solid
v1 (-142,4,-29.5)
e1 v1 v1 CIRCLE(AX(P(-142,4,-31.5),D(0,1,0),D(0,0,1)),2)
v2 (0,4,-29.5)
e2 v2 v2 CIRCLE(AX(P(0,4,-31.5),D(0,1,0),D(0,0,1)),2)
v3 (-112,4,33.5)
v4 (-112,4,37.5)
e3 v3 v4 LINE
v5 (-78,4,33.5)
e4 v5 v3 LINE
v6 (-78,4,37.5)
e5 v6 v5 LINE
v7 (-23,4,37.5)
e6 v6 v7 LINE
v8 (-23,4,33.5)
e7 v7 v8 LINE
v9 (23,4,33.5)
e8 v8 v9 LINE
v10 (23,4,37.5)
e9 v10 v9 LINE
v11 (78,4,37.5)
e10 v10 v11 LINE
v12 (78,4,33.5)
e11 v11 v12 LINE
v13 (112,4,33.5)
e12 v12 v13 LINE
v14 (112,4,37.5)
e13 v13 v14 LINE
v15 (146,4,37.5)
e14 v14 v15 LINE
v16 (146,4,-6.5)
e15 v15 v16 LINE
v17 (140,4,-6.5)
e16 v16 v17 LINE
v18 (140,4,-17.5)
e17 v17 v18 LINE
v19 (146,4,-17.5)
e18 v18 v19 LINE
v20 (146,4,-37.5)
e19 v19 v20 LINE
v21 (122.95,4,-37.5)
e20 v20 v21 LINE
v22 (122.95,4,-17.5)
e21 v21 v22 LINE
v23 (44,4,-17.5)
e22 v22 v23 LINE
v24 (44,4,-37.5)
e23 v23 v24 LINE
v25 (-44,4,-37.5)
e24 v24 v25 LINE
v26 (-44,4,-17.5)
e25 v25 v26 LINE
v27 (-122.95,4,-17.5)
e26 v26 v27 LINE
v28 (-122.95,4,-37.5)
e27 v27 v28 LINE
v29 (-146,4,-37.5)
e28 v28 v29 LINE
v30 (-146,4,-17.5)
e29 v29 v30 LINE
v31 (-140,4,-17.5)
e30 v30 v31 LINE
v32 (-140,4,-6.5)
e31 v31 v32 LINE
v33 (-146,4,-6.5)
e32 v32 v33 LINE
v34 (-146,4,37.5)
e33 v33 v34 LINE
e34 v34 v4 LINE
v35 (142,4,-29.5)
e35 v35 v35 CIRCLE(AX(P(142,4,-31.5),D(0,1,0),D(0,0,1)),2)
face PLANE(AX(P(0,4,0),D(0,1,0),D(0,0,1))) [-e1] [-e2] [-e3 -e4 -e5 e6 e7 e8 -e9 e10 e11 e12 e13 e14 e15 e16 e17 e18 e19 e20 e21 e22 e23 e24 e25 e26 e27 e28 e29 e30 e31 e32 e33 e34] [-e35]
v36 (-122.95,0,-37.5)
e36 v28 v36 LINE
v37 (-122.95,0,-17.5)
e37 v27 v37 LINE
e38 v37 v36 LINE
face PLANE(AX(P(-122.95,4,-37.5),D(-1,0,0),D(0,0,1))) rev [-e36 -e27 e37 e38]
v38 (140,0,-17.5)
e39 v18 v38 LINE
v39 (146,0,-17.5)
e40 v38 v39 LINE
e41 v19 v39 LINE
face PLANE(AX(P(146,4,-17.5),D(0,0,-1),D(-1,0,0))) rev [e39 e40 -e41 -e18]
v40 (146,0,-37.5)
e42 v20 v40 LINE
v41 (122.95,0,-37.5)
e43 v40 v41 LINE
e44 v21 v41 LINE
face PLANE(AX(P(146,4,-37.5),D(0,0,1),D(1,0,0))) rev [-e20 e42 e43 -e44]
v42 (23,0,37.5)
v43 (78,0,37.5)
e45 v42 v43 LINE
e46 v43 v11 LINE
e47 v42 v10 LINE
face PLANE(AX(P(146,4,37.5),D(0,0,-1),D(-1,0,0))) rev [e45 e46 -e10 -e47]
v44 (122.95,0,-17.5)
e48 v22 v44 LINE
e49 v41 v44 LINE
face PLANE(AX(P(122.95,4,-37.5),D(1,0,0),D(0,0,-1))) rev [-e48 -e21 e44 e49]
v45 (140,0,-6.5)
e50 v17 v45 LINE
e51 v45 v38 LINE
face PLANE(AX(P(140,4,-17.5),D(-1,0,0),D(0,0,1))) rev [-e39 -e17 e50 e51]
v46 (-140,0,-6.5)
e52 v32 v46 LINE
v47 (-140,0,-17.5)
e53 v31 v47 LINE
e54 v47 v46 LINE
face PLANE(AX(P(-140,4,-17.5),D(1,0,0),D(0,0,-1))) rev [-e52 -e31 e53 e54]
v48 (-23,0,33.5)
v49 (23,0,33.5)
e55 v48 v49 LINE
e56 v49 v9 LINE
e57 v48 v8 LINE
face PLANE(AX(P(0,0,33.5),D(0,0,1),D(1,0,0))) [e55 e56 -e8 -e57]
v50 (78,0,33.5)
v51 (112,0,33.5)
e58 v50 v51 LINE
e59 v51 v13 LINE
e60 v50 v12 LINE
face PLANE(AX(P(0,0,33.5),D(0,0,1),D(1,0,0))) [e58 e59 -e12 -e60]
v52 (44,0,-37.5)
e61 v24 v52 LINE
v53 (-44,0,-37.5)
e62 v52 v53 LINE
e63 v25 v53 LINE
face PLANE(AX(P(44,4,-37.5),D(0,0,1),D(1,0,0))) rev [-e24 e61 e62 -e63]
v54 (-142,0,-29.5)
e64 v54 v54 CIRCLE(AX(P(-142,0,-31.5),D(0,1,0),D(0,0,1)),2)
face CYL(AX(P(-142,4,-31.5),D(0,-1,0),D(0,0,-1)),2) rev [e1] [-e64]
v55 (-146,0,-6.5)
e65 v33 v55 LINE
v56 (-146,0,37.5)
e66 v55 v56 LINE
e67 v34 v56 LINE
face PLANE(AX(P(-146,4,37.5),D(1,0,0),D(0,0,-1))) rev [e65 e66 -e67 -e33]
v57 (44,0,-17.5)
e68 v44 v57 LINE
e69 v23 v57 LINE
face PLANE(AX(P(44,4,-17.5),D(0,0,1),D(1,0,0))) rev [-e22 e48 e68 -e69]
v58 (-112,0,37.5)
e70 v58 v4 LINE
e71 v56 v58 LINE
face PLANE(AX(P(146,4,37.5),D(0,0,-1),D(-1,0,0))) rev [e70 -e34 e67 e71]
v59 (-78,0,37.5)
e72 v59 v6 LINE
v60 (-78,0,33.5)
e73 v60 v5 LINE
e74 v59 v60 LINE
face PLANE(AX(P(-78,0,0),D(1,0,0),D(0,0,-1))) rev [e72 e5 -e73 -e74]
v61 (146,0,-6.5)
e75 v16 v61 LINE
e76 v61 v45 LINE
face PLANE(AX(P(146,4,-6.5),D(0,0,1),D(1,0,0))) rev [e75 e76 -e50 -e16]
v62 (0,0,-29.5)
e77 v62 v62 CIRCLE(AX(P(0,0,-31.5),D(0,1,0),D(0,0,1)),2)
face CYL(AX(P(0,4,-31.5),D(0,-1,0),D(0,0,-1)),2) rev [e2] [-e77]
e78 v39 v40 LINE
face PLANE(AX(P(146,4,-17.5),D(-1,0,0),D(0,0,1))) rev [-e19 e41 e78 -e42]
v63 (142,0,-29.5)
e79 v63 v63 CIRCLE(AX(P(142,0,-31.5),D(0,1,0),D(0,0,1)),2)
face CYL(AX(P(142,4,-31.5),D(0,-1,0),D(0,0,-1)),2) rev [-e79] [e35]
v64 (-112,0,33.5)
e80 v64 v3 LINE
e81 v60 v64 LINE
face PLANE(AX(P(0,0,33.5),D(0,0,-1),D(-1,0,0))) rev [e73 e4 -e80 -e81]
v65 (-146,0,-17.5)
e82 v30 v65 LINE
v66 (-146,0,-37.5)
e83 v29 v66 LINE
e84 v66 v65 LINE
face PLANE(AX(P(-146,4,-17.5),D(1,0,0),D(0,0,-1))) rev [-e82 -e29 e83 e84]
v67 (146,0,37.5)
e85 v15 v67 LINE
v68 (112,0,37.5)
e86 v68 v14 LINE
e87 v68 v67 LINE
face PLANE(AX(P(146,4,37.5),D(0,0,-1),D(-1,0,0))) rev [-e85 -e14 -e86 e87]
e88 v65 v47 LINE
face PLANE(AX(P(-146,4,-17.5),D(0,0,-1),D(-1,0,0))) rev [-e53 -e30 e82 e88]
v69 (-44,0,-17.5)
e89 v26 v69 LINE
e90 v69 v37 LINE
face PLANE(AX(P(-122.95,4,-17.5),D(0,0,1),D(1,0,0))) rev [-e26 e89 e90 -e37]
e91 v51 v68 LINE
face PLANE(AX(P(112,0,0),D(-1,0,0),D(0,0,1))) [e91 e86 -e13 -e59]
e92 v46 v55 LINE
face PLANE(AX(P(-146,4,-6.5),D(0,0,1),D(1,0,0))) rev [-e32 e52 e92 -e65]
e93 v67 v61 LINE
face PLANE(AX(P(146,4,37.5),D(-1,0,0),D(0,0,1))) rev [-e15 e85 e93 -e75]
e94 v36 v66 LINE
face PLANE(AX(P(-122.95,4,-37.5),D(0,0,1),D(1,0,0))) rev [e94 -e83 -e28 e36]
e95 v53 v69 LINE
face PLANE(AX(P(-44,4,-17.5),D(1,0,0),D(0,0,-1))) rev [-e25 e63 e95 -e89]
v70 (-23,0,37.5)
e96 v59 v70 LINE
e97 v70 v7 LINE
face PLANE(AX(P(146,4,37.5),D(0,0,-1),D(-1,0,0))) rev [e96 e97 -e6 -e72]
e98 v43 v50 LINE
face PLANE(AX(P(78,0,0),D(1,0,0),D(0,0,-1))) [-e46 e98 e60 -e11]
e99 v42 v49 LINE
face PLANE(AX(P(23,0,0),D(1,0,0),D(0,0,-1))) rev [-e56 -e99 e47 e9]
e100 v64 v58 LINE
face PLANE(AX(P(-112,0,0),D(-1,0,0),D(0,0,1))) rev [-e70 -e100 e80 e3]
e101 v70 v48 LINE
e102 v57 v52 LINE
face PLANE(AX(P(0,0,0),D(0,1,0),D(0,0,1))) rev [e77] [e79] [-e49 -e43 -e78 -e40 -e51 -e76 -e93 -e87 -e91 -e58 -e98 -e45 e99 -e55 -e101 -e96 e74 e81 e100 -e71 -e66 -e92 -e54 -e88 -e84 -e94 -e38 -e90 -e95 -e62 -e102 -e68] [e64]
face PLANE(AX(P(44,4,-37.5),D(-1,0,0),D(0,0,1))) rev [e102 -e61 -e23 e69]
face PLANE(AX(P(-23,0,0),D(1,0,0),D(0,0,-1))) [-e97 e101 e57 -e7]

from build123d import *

# Parameters (mm, degrees)
SKETCH1_R           = 2
BOSS_EXTRUDE1_DEPTH = 4
SKETCH2_W           = 34
SKETCH2_H           = 4
SKETCH2_W_2         = 46
CUT_EXTRUDE1_DEPTH  = 151.792075389


with BuildPart() as part:
    # Sketch1 → Boss-Extrude1 (new body)
    with BuildSketch(Plane(origin=(0, 0, 0), x_dir=(1, 0, 0), z_dir=(0, 1, 0))):
        Polygon((146, -37.5), (-146, -37.5), (-146, 6.5), (-140, 6.5), (-140, 17.5), (-146, 17.5), (-146, 37.5), (-122.95, 37.5), (-122.95, 17.5), (-44, 17.5), (-44, 37.5), (44, 37.5), (44, 17.5), (122.95, 17.5), (122.95, 37.5), (146, 37.5), (146, 17.5), (140, 17.5), (140, 6.5), (146, 6.5), align=None)
        with Locations(Location((-142, 31.5, 0), (0, 0, 270))):
            Circle(SKETCH1_R, mode=Mode.SUBTRACT)
        with Locations(Location((142, 31.5, 0), (0, 0, 270))):
            Circle(SKETCH1_R, mode=Mode.SUBTRACT)
        with Locations(Location((0, 31.5, 0), (0, 0, 270))):
            Circle(SKETCH1_R, mode=Mode.SUBTRACT)
    extrude(amount=BOSS_EXTRUDE1_DEPTH)

    # Sketch2 → Cut-Extrude1 (cut, through all)
    with BuildSketch(Plane(origin=(0, 4, 0), x_dir=(1, 0, 0), z_dir=(0, 1, 0))):
        with Locations((95, -35.5)):
            Rectangle(SKETCH2_W, SKETCH2_H)
        with Locations((0, -35.5)):
            Rectangle(SKETCH2_W_2, SKETCH2_H)
        with Locations((-95, -35.5)):
            Rectangle(SKETCH2_W, SKETCH2_H)
    extrude(amount=-CUT_EXTRUDE1_DEPTH, mode=Mode.SUBTRACT)


solid = part.part
